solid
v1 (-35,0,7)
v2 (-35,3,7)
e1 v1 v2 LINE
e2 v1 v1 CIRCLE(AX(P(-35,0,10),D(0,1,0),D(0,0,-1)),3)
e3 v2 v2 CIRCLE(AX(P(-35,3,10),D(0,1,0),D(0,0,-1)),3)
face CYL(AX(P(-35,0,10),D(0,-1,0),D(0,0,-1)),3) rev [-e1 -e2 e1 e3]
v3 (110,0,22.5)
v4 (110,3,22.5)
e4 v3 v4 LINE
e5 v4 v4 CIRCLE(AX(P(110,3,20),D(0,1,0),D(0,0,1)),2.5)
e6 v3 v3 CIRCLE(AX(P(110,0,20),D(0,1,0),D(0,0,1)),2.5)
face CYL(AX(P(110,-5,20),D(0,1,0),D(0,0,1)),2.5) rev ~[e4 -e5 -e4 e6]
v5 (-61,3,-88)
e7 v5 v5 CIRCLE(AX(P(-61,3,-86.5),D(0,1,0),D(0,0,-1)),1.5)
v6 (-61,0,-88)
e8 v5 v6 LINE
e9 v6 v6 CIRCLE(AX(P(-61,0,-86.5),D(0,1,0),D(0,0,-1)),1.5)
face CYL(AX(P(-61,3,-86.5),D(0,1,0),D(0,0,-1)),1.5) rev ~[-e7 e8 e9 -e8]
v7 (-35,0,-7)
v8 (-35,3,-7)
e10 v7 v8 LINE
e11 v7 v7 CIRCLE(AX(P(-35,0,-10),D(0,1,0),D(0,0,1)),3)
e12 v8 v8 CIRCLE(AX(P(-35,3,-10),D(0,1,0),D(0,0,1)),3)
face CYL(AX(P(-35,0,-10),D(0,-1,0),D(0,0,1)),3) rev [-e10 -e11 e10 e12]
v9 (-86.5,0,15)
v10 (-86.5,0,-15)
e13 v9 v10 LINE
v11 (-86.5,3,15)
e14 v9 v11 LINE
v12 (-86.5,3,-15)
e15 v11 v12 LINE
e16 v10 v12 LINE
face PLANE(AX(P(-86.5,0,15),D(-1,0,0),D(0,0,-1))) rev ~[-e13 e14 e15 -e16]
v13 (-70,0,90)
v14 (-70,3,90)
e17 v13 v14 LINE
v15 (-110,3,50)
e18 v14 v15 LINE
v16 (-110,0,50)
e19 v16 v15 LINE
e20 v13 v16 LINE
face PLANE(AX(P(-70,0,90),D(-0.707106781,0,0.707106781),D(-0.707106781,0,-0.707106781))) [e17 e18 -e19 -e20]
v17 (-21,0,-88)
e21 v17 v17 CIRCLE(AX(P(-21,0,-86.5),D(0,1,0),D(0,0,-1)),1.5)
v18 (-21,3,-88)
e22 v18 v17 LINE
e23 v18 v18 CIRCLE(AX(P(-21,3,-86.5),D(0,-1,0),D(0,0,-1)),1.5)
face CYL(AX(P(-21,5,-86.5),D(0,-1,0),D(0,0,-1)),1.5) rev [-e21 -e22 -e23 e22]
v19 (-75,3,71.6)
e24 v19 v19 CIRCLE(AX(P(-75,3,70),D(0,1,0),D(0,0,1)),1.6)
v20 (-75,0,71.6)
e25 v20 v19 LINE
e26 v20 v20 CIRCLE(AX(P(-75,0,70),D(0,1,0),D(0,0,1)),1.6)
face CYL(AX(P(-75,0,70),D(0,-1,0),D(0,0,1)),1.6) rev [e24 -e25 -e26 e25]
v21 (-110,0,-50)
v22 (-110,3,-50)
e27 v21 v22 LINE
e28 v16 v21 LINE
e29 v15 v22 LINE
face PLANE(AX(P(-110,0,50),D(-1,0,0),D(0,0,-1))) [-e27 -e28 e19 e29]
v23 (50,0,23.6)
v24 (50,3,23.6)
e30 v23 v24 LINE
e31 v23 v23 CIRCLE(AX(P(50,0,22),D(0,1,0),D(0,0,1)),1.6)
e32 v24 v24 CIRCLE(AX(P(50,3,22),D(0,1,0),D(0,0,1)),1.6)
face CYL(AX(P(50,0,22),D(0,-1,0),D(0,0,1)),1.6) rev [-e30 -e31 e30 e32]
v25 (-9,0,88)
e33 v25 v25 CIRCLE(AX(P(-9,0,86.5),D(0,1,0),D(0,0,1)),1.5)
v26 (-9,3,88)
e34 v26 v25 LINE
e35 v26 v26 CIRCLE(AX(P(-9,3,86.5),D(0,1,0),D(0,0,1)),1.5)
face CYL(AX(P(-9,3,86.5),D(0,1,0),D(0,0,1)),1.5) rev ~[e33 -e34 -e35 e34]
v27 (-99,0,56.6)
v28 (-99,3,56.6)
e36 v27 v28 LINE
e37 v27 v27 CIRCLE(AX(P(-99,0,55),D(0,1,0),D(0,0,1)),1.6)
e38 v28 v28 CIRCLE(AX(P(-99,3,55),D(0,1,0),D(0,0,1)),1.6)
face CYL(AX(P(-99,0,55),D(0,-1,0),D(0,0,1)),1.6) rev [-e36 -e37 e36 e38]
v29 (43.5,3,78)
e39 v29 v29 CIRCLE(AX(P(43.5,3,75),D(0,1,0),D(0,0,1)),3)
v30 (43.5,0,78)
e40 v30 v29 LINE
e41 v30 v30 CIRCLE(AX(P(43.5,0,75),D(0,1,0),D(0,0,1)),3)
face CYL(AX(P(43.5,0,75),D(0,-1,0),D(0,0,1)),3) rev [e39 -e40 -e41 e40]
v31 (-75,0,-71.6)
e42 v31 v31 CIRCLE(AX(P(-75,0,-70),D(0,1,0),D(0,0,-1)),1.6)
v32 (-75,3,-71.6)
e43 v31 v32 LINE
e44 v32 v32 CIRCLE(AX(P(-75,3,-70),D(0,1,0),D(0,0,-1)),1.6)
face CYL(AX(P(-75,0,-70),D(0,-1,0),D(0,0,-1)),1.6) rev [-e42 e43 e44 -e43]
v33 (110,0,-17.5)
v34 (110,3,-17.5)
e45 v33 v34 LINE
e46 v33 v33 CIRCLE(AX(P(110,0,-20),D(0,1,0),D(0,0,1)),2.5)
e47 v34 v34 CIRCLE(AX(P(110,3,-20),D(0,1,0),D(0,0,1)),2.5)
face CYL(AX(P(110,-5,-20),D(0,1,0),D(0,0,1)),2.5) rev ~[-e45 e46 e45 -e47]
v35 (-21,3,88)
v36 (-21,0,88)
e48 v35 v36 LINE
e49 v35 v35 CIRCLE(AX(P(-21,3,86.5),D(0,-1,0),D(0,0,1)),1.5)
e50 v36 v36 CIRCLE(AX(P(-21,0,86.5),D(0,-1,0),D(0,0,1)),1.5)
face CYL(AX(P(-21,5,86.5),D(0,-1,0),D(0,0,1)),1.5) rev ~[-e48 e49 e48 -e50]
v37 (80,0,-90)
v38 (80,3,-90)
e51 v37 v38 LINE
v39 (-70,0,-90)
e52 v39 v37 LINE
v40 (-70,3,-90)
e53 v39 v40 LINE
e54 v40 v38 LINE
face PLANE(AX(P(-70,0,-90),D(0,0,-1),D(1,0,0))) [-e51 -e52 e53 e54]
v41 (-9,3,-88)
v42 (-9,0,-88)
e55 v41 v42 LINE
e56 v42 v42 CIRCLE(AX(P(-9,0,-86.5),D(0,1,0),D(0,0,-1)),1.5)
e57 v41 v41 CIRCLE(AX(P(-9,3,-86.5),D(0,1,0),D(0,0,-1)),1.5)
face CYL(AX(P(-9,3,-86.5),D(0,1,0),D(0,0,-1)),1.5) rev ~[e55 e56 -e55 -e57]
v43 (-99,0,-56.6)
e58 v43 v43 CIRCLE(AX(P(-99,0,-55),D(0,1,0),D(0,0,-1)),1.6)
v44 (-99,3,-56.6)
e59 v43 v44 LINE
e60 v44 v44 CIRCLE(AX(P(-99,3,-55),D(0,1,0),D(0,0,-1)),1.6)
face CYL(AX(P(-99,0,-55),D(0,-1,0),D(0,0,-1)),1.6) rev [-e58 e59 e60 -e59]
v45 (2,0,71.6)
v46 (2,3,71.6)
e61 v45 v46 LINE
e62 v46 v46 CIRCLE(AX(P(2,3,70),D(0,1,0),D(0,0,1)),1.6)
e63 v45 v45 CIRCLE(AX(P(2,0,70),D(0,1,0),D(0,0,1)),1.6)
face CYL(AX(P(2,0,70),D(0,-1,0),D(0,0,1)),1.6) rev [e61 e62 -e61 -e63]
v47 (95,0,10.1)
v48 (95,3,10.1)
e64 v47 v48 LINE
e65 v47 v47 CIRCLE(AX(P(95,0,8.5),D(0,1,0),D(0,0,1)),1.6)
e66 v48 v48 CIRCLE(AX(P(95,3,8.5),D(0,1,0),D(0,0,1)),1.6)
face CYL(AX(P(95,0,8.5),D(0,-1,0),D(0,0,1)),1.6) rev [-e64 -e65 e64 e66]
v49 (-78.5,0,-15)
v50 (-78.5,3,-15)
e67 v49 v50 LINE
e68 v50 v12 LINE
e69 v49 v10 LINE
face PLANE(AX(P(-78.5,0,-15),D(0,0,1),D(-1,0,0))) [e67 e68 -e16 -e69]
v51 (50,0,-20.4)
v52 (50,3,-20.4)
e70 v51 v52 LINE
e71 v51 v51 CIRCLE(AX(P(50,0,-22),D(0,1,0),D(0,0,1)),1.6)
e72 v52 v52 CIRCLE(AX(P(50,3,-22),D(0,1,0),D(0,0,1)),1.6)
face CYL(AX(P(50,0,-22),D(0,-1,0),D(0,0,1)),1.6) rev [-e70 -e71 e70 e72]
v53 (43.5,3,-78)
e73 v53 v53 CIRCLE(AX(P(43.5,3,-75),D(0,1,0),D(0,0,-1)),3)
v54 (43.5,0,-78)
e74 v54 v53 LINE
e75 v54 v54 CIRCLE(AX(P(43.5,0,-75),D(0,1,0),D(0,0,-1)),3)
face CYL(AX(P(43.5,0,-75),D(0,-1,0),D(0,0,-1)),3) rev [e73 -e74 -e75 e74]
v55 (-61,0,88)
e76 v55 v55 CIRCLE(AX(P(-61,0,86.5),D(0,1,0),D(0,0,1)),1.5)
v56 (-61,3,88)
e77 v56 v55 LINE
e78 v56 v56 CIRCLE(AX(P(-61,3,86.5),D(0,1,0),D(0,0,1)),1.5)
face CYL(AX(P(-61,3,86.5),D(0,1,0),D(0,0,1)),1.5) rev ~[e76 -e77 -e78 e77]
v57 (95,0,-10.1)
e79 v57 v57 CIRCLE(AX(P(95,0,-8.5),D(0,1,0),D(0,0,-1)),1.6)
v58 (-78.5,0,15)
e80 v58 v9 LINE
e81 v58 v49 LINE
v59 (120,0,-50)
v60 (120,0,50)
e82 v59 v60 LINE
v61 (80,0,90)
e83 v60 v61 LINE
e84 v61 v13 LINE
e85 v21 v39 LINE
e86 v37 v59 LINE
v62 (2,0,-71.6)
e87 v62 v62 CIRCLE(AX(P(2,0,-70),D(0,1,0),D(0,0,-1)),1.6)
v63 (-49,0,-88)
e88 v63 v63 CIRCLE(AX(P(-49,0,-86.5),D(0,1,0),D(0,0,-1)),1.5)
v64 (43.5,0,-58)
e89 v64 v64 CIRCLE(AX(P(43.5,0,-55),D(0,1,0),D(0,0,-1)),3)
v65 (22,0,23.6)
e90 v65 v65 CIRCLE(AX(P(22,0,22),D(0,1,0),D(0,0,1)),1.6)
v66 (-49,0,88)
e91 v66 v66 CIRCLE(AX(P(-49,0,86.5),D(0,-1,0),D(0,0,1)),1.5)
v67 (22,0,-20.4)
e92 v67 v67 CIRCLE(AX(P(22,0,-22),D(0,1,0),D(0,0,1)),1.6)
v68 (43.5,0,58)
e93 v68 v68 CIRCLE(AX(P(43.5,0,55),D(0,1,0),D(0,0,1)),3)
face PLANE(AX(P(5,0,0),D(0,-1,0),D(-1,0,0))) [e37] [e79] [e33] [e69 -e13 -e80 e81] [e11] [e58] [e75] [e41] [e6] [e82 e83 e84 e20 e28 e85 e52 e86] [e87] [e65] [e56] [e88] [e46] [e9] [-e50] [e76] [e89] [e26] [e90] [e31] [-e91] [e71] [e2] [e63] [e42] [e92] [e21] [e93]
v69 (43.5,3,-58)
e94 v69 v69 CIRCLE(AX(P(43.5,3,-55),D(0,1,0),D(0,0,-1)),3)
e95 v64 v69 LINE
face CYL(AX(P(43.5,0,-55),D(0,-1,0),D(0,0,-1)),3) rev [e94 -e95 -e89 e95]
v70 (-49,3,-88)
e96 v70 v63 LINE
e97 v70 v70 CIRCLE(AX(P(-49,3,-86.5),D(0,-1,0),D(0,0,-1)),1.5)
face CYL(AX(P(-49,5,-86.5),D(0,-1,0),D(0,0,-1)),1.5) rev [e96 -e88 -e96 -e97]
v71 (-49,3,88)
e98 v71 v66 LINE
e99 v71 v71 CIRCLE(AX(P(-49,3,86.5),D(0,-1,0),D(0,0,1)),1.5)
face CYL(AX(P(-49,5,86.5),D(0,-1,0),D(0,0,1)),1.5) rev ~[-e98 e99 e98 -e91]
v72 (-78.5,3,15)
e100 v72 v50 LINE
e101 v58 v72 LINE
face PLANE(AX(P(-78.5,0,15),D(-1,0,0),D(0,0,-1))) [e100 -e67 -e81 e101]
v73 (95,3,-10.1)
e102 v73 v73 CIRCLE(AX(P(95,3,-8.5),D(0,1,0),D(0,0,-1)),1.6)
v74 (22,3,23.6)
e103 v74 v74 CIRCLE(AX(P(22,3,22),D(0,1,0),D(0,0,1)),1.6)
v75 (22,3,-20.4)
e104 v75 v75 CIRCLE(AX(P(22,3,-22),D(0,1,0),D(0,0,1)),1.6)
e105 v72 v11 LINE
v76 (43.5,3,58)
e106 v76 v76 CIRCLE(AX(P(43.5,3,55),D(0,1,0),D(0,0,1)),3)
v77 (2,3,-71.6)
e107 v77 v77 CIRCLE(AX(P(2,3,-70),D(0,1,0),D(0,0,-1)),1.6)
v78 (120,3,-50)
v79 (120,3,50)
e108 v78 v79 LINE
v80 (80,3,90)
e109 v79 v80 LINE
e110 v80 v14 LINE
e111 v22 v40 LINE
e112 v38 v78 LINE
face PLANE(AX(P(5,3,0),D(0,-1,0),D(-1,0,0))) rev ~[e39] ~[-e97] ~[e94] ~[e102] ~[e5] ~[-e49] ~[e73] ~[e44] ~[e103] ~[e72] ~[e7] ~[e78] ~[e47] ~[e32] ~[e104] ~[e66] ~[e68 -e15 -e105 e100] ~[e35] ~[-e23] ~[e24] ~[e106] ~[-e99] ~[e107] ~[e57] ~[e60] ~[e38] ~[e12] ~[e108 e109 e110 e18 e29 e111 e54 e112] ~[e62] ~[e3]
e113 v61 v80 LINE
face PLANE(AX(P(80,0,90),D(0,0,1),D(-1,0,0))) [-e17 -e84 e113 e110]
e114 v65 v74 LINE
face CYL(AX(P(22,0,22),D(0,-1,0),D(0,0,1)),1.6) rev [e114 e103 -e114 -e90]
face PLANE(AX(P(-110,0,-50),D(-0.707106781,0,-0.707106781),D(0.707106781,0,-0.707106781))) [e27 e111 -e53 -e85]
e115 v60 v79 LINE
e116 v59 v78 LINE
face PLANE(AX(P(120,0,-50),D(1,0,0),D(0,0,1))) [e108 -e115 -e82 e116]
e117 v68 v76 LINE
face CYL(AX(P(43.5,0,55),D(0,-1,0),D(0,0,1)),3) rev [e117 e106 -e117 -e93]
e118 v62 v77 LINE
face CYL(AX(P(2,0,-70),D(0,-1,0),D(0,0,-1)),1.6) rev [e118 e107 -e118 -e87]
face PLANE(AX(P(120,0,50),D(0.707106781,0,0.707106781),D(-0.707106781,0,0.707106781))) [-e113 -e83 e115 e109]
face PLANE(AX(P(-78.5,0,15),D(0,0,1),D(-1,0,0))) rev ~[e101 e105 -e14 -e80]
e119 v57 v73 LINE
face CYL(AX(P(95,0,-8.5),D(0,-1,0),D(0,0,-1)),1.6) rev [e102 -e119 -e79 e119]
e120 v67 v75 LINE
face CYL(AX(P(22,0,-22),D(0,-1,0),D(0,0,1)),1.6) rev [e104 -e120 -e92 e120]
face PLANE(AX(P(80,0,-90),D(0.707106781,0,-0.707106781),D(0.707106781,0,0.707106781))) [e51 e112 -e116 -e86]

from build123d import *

# Parameters (mm, degrees)
SKETCH3_R                      = 1.6
SKETCH3_R_2                    = 3
BOSS_EXTRUDE1_DEPTH            = 3
F_3_0MM_DOWEL_HOLE1_AT_2_COUNT = 2
F_3_0MM_DOWEL_HOLE1_AT_2_PITCH = 28
F_5_0MM_DOWEL_HOLE1_D          = 5
F_5_0MM_DOWEL_HOLE1_DEPTH      = 5
F_5_0MM_DOWEL_HOLE1_TIP        = 1.502151548
SKETCH12_R                     = 1.5
CUT_EXTRUDE1_DEPTH             = 151.029997001
SKETCH13_W                     = 8
SKETCH13_H                     = 30
CUT_EXTRUDE2_DEPTH             = 3


with BuildPart() as part:
    # Sketch3 → Boss-Extrude1 (new body)
    with BuildSketch(Plane(origin=(0, 0, 0), x_dir=(1, 0, 0), z_dir=(0, 1, 0))):
        Polygon((-70, 90), (80, 90), (120, 50), (120, -50), (80, -90), (-70, -90), (-110, -50), (-110, 50), align=None)
        with Locations(Location((-99, 55, 0), (0, 0, 90))):
            Circle(SKETCH3_R, mode=Mode.SUBTRACT)
        with Locations(Location((-99, -55, 0), (0, 0, 270))):
            Circle(SKETCH3_R, mode=Mode.SUBTRACT)
        with Locations(Location((43.5, -55, 0), (0, 0, 270))):
            Circle(SKETCH3_R_2, mode=Mode.SUBTRACT)
        with Locations(Location((43.5, -75, 0), (0, 0, 270))):
            Circle(SKETCH3_R_2, mode=Mode.SUBTRACT)
        with Locations(Location((43.5, 75, 0), (0, 0, 90))):
            Circle(SKETCH3_R_2, mode=Mode.SUBTRACT)
        with Locations(Location((43.5, 55, 0), (0, 0, 90))):
            Circle(SKETCH3_R_2, mode=Mode.SUBTRACT)
        with Locations(Location((-35, 10, 0), (0, 0, 270))):
            Circle(SKETCH3_R_2, mode=Mode.SUBTRACT)
        with Locations(Location((-35, -10, 0), (0, 0, 90))):
            Circle(SKETCH3_R_2, mode=Mode.SUBTRACT)
        with Locations(Location((50, -22, 0), (0, 0, 270))):
            Circle(SKETCH3_R, mode=Mode.SUBTRACT)
        with Locations(Location((95, -8.5, 0), (0, 0, 270))):
            Circle(SKETCH3_R, mode=Mode.SUBTRACT)
        with Locations(Location((22, 22, 0), (0, 0, 270))):
            Circle(SKETCH3_R, mode=Mode.SUBTRACT)
        with Locations(Location((50, 22, 0), (0, 0, 270))):
            Circle(SKETCH3_R, mode=Mode.SUBTRACT)
        with Locations(Location((95, 8.5, 0), (0, 0, 90))):
            Circle(SKETCH3_R, mode=Mode.SUBTRACT)
        with Locations(Location((22, -22, 0), (0, 0, 270))):
            Circle(SKETCH3_R, mode=Mode.SUBTRACT)
        with Locations(Location((-75, -70, 0), (0, 0, 270))):
            Circle(SKETCH3_R, mode=Mode.SUBTRACT)
        with Locations(Location((2, -70, 0), (0, 0, 270))):
            Circle(SKETCH3_R, mode=Mode.SUBTRACT)
        with Locations(Location((2, 70, 0), (0, 0, 90))):
            Circle(SKETCH3_R, mode=Mode.SUBTRACT)
        with Locations(Location((-75, 70, 0), (0, 0, 90))):
            Circle(SKETCH3_R, mode=Mode.SUBTRACT)
    extrude(amount=BOSS_EXTRUDE1_DEPTH)

    # Sketch9 → Ø3.0mm Dowel Hole1 (revolve, cut)
    with BuildSketch(Plane(origin=(-21, 0, -86.5), x_dir=(0, 0, -1), z_dir=(1, 0, 0))):
        Polygon((0, 0), (0, 5.901290929), (1.5, 5), (1.5, 0), align=None)
    f_3_0mm_dowel_hole1 = revolve(axis=Axis((-21, -6.35, -86.5), (0, 1, 0)), mode=Mode.SUBTRACT)

    # Ø3.0mm Dowel Hole1 at 2: Ø3.0mm Dowel Hole1 ×2
    with Locations(*[(-i * F_3_0MM_DOWEL_HOLE1_AT_2_PITCH, 0, 0) for i in range(1, F_3_0MM_DOWEL_HOLE1_AT_2_COUNT)]):
        add(f_3_0mm_dowel_hole1, mode=Mode.SUBTRACT)

    # Mirror3: Ø3.0mm Dowel Hole1 across plane
    add(f_3_0mm_dowel_hole1.mirror(Plane.XY), mode=Mode.SUBTRACT)

    # Mirror3 copy 1 sketch → Mirror3 copy 1 (revolve, cut)
    with BuildSketch(Plane(origin=(-49, 0, 86.5), x_dir=(0, 0, 1), z_dir=(1, 0, 0))):
        Polygon((0, 0), (0, -5.901290929), (1.5, -5), (1.5, 0), align=None)
    revolve(axis=Axis((-49, -6.35, 86.5), (0, -1, 0)), mode=Mode.SUBTRACT)

    # Ø5.0mm Dowel Hole1
    with Locations(Plane(origin=(110, 0, -20), x_dir=(0, 0, -1), z_dir=(0, -1, 0))):
        with Locations((0, 0), (-40, 0)):
            Hole(F_5_0MM_DOWEL_HOLE1_D / 2, depth=F_5_0MM_DOWEL_HOLE1_DEPTH)
            with Locations((0, 0, -(F_5_0MM_DOWEL_HOLE1_DEPTH + F_5_0MM_DOWEL_HOLE1_TIP / 2))):  # 118° drill point
                Cone(0, F_5_0MM_DOWEL_HOLE1_D / 2, F_5_0MM_DOWEL_HOLE1_TIP, mode=Mode.SUBTRACT)

    # Sketch12 → Cut-Extrude1 (cut, through all)
    with BuildSketch(Plane(origin=(0, 3, 0), x_dir=(1, 0, 0), z_dir=(0, 1, 0))):
        with Locations(Location((-61, -86.5, 0), (0, 0, 270))):
            Circle(SKETCH12_R)
        with Locations(Location((-9, -86.5, 0), (0, 0, 270))):
            Circle(SKETCH12_R)
        with Locations(Location((-61, 86.5, 0), (0, 0, 90))):
            Circle(SKETCH12_R)
        with Locations(Location((-9, 86.5, 0), (0, 0, 90))):
            Circle(SKETCH12_R)
    extrude(amount=-CUT_EXTRUDE1_DEPTH, mode=Mode.SUBTRACT)

    # Sketch13 → Cut-Extrude2 (cut)
    with BuildSketch(Plane(origin=(0, 0, 0), x_dir=(-1, 0, 0), z_dir=(0, -1, 0))):
        with Locations((82.5, 0)):
            Rectangle(SKETCH13_W, SKETCH13_H)
    extrude(amount=-CUT_EXTRUDE2_DEPTH, mode=Mode.SUBTRACT)


solid = part.part
